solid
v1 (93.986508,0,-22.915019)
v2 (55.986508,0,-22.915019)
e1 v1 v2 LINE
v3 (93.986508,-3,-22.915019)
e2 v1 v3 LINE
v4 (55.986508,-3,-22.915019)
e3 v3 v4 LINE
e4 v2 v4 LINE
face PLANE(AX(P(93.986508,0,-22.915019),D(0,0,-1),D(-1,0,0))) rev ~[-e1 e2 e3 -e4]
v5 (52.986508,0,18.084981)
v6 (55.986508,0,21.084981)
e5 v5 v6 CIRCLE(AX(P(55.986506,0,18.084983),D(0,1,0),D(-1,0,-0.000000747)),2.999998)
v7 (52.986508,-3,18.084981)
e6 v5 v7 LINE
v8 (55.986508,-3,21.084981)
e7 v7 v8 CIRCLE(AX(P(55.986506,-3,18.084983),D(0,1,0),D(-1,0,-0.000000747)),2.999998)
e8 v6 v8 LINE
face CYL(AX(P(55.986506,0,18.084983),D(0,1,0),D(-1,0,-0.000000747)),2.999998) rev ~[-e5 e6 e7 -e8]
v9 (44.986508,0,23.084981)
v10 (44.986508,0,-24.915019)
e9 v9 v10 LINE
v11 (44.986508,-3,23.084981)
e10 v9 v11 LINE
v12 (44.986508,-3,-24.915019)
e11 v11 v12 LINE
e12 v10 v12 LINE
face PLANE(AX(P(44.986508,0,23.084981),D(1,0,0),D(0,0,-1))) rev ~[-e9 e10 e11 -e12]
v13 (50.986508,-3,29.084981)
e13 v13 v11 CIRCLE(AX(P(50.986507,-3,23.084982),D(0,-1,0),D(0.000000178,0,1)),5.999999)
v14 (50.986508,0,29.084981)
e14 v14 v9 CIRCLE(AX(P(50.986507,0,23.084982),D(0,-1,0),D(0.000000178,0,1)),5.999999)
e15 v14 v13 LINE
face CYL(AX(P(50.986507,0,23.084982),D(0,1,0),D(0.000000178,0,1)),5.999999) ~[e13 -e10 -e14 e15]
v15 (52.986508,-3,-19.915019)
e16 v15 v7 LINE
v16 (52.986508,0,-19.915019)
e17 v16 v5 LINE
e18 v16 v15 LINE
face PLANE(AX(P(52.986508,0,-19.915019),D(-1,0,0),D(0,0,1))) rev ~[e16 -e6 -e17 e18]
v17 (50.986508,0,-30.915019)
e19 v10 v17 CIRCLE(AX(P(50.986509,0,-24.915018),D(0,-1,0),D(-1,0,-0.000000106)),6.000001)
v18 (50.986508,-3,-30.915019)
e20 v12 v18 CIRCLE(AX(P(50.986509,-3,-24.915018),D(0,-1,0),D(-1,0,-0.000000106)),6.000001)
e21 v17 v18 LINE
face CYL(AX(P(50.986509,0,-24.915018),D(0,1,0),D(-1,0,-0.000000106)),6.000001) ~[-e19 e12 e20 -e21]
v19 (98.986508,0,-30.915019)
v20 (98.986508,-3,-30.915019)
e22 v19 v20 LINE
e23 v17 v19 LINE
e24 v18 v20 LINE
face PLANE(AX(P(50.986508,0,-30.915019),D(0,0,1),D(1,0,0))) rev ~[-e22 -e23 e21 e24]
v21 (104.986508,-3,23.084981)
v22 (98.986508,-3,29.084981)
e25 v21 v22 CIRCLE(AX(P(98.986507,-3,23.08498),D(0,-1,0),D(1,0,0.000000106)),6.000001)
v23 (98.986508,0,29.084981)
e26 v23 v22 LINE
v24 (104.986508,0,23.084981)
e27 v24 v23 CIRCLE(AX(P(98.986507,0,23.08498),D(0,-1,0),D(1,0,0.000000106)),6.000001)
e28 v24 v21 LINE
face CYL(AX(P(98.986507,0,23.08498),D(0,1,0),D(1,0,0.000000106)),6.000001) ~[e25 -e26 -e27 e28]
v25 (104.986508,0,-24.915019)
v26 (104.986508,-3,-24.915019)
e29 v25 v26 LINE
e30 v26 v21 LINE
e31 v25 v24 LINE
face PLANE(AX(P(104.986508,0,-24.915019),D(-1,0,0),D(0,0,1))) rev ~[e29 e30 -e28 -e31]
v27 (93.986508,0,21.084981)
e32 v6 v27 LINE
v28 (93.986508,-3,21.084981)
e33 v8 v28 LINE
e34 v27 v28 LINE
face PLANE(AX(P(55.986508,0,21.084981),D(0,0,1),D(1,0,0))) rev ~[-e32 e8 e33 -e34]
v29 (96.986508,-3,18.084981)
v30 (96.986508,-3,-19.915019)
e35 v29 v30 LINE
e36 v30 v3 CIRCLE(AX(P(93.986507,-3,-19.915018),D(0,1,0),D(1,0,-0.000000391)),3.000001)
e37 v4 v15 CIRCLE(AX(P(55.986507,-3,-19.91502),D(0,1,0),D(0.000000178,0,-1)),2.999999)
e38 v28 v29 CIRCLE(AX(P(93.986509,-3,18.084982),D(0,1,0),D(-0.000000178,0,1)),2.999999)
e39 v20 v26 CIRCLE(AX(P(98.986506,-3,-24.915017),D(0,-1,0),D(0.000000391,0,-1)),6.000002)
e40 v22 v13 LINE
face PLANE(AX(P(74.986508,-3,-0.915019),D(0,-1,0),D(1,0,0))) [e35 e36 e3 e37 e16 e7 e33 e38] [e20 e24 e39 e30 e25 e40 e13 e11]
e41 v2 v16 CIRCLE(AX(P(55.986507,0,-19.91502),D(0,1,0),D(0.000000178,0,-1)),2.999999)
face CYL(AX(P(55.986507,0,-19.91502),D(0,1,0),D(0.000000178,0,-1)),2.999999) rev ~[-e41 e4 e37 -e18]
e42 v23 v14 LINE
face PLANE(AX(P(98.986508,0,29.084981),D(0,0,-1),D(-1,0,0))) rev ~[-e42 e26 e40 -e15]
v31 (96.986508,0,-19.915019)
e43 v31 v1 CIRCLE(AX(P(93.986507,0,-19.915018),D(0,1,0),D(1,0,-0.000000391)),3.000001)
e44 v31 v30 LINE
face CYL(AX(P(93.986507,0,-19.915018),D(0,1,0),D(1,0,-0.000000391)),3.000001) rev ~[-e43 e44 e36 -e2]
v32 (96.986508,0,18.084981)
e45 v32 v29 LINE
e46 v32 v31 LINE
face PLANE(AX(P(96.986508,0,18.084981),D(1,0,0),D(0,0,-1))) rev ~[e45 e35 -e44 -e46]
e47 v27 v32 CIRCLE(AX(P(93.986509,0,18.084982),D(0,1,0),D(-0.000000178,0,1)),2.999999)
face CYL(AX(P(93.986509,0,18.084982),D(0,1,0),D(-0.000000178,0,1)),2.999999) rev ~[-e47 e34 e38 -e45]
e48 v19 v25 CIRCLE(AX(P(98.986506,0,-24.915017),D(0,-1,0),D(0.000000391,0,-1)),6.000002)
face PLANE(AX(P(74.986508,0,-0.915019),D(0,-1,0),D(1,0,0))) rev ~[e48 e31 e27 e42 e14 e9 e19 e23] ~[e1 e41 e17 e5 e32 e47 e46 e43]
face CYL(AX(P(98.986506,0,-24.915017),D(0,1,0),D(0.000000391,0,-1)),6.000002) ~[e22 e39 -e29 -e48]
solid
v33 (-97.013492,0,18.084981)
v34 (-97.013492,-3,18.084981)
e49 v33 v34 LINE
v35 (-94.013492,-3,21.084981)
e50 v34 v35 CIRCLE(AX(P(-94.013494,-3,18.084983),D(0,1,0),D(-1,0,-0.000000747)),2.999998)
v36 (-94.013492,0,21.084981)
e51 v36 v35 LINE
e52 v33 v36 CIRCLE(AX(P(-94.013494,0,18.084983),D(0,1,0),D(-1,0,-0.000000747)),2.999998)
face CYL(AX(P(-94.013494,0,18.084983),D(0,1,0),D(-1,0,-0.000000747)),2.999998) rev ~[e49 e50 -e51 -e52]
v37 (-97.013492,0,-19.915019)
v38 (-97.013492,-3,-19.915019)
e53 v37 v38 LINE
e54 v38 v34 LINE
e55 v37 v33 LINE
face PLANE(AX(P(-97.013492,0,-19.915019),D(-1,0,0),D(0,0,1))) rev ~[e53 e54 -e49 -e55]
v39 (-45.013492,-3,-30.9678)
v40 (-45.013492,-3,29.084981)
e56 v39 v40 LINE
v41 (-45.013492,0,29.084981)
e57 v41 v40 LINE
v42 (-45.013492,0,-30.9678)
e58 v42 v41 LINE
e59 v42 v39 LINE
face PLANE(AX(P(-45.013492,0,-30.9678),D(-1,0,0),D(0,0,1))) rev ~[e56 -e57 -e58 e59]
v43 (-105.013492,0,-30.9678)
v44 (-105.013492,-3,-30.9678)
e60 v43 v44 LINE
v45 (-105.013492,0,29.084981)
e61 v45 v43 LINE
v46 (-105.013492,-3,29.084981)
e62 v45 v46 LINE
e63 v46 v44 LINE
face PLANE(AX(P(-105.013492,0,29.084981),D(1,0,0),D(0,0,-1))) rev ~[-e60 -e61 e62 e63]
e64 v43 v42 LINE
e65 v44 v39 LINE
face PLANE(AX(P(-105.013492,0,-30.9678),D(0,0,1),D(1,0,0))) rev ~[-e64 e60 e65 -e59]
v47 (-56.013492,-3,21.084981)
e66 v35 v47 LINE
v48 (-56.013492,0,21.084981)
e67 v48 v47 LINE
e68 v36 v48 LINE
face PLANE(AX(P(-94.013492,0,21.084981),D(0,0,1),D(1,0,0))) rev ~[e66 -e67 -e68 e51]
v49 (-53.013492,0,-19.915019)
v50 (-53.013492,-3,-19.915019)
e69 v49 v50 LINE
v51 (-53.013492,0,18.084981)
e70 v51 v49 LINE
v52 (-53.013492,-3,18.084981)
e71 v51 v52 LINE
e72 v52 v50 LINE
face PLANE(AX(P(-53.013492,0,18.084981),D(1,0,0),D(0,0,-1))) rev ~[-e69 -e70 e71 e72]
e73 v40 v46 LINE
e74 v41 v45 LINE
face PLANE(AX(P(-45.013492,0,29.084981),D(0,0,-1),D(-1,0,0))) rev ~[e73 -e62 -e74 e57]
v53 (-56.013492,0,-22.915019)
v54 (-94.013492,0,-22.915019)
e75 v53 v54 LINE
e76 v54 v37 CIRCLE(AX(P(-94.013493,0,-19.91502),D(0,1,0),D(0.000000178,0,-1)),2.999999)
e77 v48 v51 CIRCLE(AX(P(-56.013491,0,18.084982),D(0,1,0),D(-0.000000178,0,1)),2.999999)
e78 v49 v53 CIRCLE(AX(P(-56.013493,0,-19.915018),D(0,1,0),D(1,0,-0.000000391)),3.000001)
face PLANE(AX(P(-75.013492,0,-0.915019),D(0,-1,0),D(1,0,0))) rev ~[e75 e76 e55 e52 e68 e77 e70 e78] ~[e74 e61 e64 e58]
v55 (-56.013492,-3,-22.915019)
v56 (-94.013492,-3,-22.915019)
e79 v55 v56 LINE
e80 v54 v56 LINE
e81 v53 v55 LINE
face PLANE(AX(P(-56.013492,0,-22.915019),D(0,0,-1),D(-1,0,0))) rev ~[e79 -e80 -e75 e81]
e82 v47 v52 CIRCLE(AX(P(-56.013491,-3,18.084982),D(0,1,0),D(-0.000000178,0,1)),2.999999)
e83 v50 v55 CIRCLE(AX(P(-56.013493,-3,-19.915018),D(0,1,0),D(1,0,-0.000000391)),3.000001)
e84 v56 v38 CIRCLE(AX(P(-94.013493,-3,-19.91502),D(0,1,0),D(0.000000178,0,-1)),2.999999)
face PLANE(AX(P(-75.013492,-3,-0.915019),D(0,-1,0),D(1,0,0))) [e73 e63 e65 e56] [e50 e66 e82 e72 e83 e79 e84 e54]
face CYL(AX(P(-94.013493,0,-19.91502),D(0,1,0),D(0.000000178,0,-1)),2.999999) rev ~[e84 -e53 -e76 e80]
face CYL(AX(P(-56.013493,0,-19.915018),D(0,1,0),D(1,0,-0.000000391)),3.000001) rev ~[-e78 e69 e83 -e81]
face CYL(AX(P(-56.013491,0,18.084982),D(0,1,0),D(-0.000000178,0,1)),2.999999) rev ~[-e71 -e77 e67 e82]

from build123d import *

# Parameters (mm, degrees)
F1_DEPTH = 3


with BuildPart() as f1:
    # F0 (on Front) → F1 (new body)
    with BuildSketch(Plane.XZ):
        with BuildLine():
            Line((98.986508, 29.084981), (50.986508, 29.084981))
            ThreePointArc((50.986508, 29.084981), (46.743867, 27.327622), (44.986508, 23.084981))
            Line((44.986508, 23.084981), (44.986508, -24.915019))
            ThreePointArc((44.986508, -24.915019), (46.743867, -29.157659), (50.986508, -30.915019))
            Line((50.986508, -30.915019), (98.986508, -30.915019))
            ThreePointArc((98.986508, -30.915019), (103.229148, -29.157659), (104.986508, -24.915019))
            Line((104.986508, -24.915019), (104.986508, 23.084981))
            ThreePointArc((104.986508, 23.084981), (103.229148, 27.327622), (98.986508, 29.084981))
        make_face()
        with BuildLine():
            ThreePointArc((52.986508, 18.084981), (53.865187, 20.206302), (55.986508, 21.084981))
            Line((55.986508, 21.084981), (93.986508, 21.084981))
            ThreePointArc((93.986508, 21.084981), (96.107828, 20.206302), (96.986508, 18.084981))
            Line((96.986508, 18.084981), (96.986508, -19.915019))
            ThreePointArc((96.986508, -19.915019), (96.107828, -22.036339), (93.986508, -22.915019))
            Line((93.986508, -22.915019), (55.986508, -22.915019))
            ThreePointArc((55.986508, -22.915019), (53.865187, -22.036339), (52.986508, -19.915019))
            Line((52.986508, -19.915019), (52.986508, 18.084981))
        make_face(mode=Mode.SUBTRACT)
        with BuildLine():
            ThreePointArc((-99.013492, 29.084981), (-103.256133, 27.327622), (-105.013492, 23.084981))
            Line((-105.013492, 23.084981), (-105.013492, -24.915019))
            ThreePointArc((-105.013492, -24.915019), (-103.256133, -29.157659), (-99.013492, -30.915019))
            Line((-99.013492, -30.915019), (-51.013492, -30.915019))
            ThreePointArc((-51.013492, -30.915019), (-46.770852, -29.157659), (-45.013492, -24.915019))
            Line((-45.013492, -24.915019), (-45.013492, 23.084981))
            ThreePointArc((-45.013492, 23.084981), (-46.770852, 27.327622), (-51.013492, 29.084981))
            Line((-51.013492, 29.084981), (-99.013492, 29.084981))
        make_face()
        with BuildLine():
            Line((-94.013492, 21.084981), (-56.013492, 21.084981))
            ThreePointArc((-56.013492, 21.084981), (-53.892172, 20.206302), (-53.013492, 18.084981))
            Line((-53.013492, 18.084981), (-53.013492, -19.915019))
            ThreePointArc((-53.013492, -19.915019), (-53.892172, -22.036339), (-56.013492, -22.915019))
            Line((-56.013492, -22.915019), (-94.013492, -22.915019))
            ThreePointArc((-94.013492, -22.915019), (-96.134813, -22.036339), (-97.013492, -19.915019))
            Line((-97.013492, -19.915019), (-97.013492, 18.084981))
            ThreePointArc((-97.013492, 18.084981), (-96.134813, 20.206302), (-94.013492, 21.084981))
        make_face(mode=Mode.SUBTRACT)
        with BuildLine():
            Line((-105.013492, 29.084981), (-105.013492, 23.084981))
            ThreePointArc((-105.013492, 23.084981), (-103.256133, 27.327622), (-99.013492, 29.084981))
            Line((-99.013492, 29.084981), (-105.013492, 29.084981))
        make_face()
        with BuildLine():
            ThreePointArc((-99.013492, -30.915019), (-103.256133, -29.157659), (-105.013492, -24.915019))
            Line((-105.013492, -24.915019), (-105.013492, -30.9678))
            Line((-105.013492, -30.9678), (-45.013492, -30.9678))
            Line((-45.013492, -30.9678), (-45.013492, -24.915019))
            ThreePointArc((-45.013492, -24.915019), (-46.770852, -29.157659), (-51.013492, -30.915019))
            Line((-51.013492, -30.915019), (-99.013492, -30.915019))
        make_face()
        with BuildLine():
            Line((-45.013492, 29.084981), (-51.013492, 29.084981))
            ThreePointArc((-51.013492, 29.084981), (-46.770852, 27.327622), (-45.013492, 23.084981))
            Line((-45.013492, 23.084981), (-45.013492, 29.084981))
        make_face()
    extrude(amount=F1_DEPTH)


solid = f1.part
